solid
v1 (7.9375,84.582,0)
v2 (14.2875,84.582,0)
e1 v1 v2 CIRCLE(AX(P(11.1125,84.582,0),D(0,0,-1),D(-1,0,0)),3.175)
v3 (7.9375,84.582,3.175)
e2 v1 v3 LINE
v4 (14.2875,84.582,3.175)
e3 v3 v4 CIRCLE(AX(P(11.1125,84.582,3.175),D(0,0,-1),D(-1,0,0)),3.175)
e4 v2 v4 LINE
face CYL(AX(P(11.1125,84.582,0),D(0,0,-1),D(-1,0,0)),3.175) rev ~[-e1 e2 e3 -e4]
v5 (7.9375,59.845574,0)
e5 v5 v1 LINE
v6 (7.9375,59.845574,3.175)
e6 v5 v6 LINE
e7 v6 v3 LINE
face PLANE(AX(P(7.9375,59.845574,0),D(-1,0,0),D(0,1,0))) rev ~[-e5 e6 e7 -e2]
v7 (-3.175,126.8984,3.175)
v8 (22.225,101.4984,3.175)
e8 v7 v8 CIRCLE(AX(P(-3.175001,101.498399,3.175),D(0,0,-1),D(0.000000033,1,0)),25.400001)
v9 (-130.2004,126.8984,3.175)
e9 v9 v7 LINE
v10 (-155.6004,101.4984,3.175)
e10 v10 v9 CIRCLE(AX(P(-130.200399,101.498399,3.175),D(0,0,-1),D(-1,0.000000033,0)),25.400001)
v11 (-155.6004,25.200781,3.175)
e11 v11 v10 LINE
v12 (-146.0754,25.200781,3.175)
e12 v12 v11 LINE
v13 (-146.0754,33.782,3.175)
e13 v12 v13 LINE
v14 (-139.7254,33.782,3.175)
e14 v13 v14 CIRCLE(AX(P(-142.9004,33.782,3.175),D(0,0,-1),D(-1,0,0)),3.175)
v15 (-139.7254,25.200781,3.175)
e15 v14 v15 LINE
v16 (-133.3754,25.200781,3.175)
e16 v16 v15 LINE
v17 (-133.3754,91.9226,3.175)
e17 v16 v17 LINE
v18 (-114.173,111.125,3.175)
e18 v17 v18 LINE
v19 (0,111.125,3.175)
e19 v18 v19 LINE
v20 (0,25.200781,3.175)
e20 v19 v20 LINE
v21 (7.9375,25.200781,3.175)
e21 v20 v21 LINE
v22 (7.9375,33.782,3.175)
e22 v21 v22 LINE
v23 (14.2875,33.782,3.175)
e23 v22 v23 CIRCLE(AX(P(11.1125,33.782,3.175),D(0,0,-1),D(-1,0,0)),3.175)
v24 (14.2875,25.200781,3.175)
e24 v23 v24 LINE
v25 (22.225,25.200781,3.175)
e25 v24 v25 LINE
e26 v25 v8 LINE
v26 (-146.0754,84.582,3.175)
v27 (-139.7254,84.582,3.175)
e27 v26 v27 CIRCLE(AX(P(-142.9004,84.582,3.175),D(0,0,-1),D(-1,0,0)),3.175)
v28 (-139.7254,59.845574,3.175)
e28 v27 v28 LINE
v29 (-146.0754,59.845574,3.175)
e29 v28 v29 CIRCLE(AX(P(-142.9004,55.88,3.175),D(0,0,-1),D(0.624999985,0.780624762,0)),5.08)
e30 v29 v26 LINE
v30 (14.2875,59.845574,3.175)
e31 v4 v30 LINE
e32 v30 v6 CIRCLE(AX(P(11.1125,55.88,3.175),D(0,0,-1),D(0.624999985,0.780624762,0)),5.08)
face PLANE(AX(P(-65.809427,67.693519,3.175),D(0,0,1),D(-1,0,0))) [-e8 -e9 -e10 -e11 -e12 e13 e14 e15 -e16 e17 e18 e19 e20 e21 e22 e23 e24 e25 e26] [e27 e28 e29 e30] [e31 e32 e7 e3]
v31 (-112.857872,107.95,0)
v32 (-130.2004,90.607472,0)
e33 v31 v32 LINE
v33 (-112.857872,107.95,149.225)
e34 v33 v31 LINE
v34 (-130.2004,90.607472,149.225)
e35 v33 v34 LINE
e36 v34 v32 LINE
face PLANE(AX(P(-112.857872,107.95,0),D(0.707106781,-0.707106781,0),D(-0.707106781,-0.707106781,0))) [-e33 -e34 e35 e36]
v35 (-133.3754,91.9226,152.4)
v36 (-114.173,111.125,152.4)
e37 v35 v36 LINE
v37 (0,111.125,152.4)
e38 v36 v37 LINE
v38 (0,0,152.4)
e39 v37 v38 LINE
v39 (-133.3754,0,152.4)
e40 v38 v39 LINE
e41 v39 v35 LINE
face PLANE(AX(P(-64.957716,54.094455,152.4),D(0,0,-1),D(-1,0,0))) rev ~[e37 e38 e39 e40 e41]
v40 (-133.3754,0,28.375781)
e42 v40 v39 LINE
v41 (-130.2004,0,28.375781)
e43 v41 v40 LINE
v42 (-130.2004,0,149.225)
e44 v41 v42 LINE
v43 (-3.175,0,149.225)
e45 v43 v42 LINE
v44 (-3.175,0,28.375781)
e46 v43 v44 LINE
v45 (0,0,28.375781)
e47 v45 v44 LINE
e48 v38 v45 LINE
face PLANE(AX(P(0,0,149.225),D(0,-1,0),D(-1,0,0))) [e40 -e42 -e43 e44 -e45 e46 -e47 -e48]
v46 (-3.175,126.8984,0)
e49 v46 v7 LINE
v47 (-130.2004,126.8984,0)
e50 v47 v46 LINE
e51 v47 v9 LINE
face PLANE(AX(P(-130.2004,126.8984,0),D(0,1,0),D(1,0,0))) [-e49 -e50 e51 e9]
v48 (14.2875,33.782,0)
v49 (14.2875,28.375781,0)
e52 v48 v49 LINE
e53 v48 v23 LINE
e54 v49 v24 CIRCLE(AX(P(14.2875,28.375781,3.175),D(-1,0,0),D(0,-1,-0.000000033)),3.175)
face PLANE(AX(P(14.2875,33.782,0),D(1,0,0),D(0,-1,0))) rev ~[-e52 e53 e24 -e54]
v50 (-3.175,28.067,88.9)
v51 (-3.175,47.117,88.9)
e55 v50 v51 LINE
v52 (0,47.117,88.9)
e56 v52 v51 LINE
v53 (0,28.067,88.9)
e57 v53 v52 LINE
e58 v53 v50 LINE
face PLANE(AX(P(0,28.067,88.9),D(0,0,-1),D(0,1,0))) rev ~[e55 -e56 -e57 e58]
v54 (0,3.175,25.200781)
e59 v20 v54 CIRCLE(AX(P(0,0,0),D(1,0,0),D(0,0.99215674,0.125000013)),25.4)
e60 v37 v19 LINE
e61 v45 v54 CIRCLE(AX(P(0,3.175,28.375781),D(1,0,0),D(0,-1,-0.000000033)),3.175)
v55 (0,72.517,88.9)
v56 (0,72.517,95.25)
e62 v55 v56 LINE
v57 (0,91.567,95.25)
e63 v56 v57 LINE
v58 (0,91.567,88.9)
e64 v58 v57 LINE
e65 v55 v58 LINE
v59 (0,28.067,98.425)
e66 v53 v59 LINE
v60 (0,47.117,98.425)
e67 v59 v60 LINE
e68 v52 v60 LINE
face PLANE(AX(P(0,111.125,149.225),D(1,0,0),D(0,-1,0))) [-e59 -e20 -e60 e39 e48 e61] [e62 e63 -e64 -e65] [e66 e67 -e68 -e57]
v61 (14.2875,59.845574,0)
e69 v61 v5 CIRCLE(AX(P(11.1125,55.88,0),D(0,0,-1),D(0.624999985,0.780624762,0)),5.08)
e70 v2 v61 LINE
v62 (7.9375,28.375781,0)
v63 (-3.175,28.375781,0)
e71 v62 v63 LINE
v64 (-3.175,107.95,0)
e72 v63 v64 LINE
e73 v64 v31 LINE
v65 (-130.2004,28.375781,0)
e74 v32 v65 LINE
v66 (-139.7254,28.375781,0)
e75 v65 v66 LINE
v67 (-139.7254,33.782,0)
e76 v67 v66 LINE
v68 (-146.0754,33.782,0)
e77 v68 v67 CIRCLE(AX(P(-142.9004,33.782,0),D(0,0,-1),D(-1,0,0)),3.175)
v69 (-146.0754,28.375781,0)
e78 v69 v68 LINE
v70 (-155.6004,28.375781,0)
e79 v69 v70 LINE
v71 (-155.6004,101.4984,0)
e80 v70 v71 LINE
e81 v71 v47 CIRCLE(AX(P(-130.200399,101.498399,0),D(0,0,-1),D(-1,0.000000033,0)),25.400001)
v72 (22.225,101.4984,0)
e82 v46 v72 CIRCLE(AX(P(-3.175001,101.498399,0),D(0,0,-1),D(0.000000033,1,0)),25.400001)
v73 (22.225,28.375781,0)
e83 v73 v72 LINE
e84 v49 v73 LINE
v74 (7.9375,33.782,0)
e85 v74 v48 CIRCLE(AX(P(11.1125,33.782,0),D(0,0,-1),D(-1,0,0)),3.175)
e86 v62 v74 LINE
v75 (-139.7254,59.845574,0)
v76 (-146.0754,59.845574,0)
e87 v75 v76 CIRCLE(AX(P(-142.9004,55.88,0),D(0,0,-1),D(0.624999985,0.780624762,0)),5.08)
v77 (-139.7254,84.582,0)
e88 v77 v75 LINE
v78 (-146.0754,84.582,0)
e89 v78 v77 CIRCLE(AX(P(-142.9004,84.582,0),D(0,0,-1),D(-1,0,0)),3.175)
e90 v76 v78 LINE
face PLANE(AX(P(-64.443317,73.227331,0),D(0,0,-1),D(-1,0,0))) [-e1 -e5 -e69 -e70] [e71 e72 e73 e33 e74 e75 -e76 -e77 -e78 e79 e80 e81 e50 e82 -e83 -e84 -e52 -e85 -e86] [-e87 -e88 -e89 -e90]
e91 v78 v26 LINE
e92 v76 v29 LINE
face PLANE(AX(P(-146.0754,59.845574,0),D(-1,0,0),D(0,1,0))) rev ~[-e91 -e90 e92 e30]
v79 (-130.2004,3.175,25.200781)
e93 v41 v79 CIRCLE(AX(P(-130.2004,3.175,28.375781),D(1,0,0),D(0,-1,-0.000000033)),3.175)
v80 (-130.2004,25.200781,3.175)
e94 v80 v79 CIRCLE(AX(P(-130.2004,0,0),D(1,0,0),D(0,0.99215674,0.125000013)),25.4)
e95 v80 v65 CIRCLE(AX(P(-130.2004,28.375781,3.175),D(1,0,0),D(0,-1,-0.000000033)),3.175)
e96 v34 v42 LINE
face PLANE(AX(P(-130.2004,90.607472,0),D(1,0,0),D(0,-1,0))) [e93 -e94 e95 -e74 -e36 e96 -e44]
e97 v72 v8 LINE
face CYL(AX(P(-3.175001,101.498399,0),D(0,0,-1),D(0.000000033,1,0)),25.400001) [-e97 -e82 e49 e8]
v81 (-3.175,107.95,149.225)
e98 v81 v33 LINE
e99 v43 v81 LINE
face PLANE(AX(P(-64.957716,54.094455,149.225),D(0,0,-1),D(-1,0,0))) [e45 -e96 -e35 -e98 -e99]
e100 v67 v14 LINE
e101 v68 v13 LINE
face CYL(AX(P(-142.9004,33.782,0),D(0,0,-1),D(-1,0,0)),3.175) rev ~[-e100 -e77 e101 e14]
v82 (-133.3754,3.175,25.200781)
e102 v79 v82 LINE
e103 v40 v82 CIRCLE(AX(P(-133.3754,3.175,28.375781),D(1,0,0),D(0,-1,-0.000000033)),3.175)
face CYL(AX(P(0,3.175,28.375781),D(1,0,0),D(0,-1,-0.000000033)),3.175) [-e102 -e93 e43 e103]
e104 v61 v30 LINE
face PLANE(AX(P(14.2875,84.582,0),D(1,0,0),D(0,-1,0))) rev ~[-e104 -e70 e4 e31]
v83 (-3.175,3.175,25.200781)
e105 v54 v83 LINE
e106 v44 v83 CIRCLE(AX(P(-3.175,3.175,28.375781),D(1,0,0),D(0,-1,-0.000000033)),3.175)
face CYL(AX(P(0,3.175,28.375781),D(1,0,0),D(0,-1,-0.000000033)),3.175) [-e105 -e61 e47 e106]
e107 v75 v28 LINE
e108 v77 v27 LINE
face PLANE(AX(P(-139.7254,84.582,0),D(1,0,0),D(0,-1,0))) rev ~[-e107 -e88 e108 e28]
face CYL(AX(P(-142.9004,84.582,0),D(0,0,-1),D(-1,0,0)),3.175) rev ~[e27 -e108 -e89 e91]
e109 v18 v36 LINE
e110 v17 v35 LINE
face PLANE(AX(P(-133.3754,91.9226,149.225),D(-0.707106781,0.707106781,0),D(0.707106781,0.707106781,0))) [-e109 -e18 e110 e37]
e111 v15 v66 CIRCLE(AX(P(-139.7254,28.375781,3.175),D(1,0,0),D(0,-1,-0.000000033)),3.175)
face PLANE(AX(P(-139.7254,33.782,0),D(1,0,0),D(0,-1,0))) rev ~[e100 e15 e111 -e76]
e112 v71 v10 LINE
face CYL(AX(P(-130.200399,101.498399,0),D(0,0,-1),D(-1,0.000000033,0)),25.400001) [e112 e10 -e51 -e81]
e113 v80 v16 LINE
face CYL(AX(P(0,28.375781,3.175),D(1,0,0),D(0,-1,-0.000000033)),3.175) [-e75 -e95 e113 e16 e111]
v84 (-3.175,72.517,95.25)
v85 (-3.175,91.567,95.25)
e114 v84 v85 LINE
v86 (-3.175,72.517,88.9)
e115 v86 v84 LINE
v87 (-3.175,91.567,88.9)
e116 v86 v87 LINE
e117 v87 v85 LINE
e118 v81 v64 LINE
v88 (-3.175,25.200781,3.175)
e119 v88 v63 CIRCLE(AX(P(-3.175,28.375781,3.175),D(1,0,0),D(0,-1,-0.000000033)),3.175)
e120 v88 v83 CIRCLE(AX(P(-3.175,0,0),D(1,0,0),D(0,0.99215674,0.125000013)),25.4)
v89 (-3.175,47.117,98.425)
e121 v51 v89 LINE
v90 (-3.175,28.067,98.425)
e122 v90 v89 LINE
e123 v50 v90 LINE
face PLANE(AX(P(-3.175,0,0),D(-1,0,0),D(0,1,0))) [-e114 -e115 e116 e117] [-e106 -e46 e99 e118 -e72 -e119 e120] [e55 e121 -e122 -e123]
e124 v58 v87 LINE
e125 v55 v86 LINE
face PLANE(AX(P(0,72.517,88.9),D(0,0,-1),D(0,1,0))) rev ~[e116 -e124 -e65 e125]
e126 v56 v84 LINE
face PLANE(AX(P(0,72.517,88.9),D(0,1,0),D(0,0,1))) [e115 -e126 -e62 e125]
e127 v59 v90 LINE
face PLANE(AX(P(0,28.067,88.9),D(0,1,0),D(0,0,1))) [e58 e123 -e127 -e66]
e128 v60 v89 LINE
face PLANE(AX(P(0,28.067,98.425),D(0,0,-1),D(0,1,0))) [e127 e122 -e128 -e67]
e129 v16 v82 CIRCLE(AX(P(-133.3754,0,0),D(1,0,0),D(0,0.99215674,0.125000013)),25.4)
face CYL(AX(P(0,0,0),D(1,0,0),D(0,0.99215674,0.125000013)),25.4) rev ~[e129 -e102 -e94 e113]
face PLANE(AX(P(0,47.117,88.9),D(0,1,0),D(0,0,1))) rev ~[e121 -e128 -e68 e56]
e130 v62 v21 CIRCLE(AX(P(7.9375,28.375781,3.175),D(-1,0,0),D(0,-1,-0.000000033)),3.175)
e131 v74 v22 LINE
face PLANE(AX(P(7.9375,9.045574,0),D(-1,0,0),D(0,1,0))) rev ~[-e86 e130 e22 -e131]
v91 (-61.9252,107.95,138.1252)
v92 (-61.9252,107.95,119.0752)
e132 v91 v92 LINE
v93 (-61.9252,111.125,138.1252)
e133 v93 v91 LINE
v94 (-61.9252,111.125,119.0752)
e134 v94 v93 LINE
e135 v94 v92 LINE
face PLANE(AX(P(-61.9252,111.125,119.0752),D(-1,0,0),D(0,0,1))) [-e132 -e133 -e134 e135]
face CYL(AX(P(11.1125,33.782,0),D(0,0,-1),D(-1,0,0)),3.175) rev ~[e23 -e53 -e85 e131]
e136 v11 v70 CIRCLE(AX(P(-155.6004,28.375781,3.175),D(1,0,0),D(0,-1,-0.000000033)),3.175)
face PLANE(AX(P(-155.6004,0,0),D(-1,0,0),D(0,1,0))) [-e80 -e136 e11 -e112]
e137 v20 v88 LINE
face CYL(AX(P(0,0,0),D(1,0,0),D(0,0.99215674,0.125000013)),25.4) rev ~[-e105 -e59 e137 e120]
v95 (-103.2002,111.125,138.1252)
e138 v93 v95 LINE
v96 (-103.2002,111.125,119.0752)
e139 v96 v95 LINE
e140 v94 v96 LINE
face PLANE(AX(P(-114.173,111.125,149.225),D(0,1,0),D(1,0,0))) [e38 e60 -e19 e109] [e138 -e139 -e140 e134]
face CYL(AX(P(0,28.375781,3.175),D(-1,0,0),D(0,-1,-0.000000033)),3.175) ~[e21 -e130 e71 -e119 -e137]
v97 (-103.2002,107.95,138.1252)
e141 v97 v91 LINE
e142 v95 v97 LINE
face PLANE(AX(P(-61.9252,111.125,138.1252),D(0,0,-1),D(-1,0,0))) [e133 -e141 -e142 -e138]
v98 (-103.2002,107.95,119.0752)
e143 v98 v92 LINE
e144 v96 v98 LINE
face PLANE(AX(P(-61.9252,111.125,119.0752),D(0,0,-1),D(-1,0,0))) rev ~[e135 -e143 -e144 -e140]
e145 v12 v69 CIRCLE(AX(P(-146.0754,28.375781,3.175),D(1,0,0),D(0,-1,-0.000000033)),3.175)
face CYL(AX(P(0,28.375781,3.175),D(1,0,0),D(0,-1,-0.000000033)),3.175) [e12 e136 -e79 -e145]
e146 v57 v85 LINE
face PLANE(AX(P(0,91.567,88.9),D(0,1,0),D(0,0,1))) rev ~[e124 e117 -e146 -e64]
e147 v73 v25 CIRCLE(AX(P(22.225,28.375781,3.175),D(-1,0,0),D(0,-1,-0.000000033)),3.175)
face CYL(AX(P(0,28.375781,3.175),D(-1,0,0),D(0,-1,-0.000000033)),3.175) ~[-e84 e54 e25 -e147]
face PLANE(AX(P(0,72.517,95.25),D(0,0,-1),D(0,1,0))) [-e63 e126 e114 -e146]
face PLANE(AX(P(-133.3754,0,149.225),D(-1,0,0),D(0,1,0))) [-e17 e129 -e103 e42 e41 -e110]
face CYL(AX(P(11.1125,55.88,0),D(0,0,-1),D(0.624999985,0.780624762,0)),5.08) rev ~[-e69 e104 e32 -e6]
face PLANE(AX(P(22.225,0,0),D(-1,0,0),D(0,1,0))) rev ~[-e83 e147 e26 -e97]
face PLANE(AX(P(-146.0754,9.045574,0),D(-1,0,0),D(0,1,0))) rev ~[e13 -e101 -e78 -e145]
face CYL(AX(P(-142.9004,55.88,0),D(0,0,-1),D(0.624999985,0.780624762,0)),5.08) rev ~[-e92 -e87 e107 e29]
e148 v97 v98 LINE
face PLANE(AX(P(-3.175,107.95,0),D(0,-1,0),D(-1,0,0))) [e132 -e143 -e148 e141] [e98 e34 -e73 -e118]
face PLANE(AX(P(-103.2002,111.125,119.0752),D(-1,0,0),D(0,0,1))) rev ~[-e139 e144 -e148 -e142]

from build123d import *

# Parameters (mm, degrees)
PAD_DEPTH         = 149.225
PAD001_DEPTH      = 3.175
PAD002_DEPTH      = 3.175
POCKET_DEPTH      = 155.6014
POCKET_DEPTH_BACK = 22.226
SKETCH004_W       = 19.05
SKETCH004_H       = 9.525
SKETCH004_H_2     = 6.35
POCKET001_DEPTH   = 3.175
SKETCH005_W       = 41.275
SKETCH005_H       = 19.05
POCKET002_DEPTH   = 111.126


with BuildPart() as part:
    # Sketch → Pad (new body)
    with BuildSketch(Plane.XY):
        Polygon((-133.3754, 0), (-133.3754, 91.9226), (-114.173, 111.125), (0, 111.125), (0, 0), (-3.175, 0), (-3.175, 107.95), (-112.857872, 107.95), (-130.2004, 90.607472), (-130.2004, 0), align=None)
    extrude(amount=PAD_DEPTH)

    # Sketch001 (on Face12 of Pad) → Pad001 (join)
    with BuildSketch(Plane.XY.offset(149.225)):
        Polygon((-114.173, 111.125), (0, 111.125), (0, 0), (-133.3754, 0), (-133.3754, 91.9226), align=None)
    extrude(amount=PAD001_DEPTH)

    # Sketch002 (on Face4 of Pad001) → Pad002 (join)
    with BuildSketch(Plane(origin=(0, 0, 0), x_dir=(1, 0, 0), z_dir=(0, 0, -1))):
        with BuildLine():
            Line((-130.2004, 0), (-130.2004, -90.607472))
            Line((-130.2004, -90.607472), (-112.857872, -107.95))
            Line((-112.857872, -107.95), (-3.175, -107.95))
            Line((-3.175, -107.95), (-3.175, 0))
            Line((-3.175, 0), (6.0325, 0))
            Line((6.0325, 0), (6.0325, -5.08))
            ThreePointArc((6.0325, -5.08), (6.53345, -7.279705), (7.9375, -9.045574))
            Line((7.9375, -9.045574), (7.9375, -33.782))
            ThreePointArc((7.9375, -33.782), (11.1125, -36.957), (14.2875, -33.782))
            Line((14.2875, -33.782), (14.2875, -9.045574))
            ThreePointArc((14.2875, -9.045574), (15.69155, -7.279705), (16.1925, -5.08))
            Line((16.1925, -5.08), (16.1925, 0))
            Line((16.1925, 0), (22.225, 0))
            Line((22.225, 0), (22.225, -101.4984))
            ThreePointArc((-3.175, -126.8984), (14.785512, -119.458912), (22.225, -101.4984))
            Line((-130.2004, -126.8984), (-3.175, -126.8984))
            ThreePointArc((-155.6004, -101.4984), (-148.160912, -119.458912), (-130.2004, -126.8984))
            Line((-155.6004, 0), (-155.6004, -101.4984))
            Line((-155.6004, 0), (-147.9804, 0))
            Line((-147.9804, -5.08), (-147.9804, 0))
            ThreePointArc((-147.9804, -5.08), (-147.47945, -7.279705), (-146.0754, -9.045574))
            Line((-146.0754, -9.045574), (-146.0754, -33.782))
            ThreePointArc((-146.0754, -33.782), (-142.9004, -36.957), (-139.7254, -33.782))
            Line((-139.7254, -33.782), (-139.7254, -9.045574))
            ThreePointArc((-139.7254, -9.045574), (-138.32135, -7.279705), (-137.8204, -5.08))
            Line((-137.8204, -5.08), (-137.8204, 0))
            Line((-137.8204, 0), (-130.2004, 0))
        make_face()
        with BuildLine():
            ThreePointArc((14.2875, -59.845574), (11.1125, -50.8), (7.9375, -59.845574))
            Line((7.9375, -59.845574), (7.9375, -84.582))
            ThreePointArc((7.9375, -84.582), (11.1125, -87.757), (14.2875, -84.582))
            Line((14.2875, -84.582), (14.2875, -59.845574))
        make_face(mode=Mode.SUBTRACT)
        with BuildLine():
            ThreePointArc((-139.7254, -59.845574), (-142.9004, -50.8), (-146.0754, -59.845574))
            Line((-146.0754, -59.845574), (-146.0754, -84.582))
            ThreePointArc((-146.0754, -84.582), (-142.9004, -87.757), (-139.7254, -84.582))
            Line((-139.7254, -84.582), (-139.7254, -59.845574))
        make_face(mode=Mode.SUBTRACT)
    extrude(amount=-PAD002_DEPTH)

    # Sketch003 (on Face48 of Pad002) → Pocket (cut, two sides)
    with BuildSketch(Plane.YZ) as pocket_sk:
        with BuildLine():
            ThreePointArc((25.200781, 3.175), (17.960512, 17.960512), (3.175, 25.200781))
            ThreePointArc((0, 28.375781), (0.929936, 26.130717), (3.175, 25.200781))
            Line((0, 28.375781), (-5, 28.375781))
            Line((-5, 28.375781), (-5, -5))
            Line((-5, -5), (28.375781, -5))
            Line((28.375781, -5), (28.375781, 0))
            ThreePointArc((25.200781, 3.175), (26.130717, 0.929936), (28.375781, 0))
        make_face()
    extrude(amount=-POCKET_DEPTH, mode=Mode.SUBTRACT)
    extrude(pocket_sk.sketch, amount=POCKET_DEPTH_BACK, mode=Mode.SUBTRACT)

    # Sketch004 (on Face38 of Pocket) → Pocket001 (cut)
    with BuildSketch(Plane.YZ):
        with Locations((37.592, 93.6625)):
            Rectangle(SKETCH004_W, SKETCH004_H)
        with Locations((82.042, 92.075)):
            Rectangle(SKETCH004_W, SKETCH004_H_2)
    extrude(amount=-POCKET001_DEPTH, mode=Mode.SUBTRACT)

    # Sketch005 (on Face39 of Pocket001) → Pocket002 (cut, through all)
    with BuildSketch(Plane(origin=(0, 111.125, 0), x_dir=(-1, 0, 0), z_dir=(0, 1, 0))):
        with Locations((82.5627, 128.6002)):
            Rectangle(SKETCH005_W, SKETCH005_H)
    extrude(amount=-POCKET002_DEPTH, mode=Mode.SUBTRACT)


solid = part.part
